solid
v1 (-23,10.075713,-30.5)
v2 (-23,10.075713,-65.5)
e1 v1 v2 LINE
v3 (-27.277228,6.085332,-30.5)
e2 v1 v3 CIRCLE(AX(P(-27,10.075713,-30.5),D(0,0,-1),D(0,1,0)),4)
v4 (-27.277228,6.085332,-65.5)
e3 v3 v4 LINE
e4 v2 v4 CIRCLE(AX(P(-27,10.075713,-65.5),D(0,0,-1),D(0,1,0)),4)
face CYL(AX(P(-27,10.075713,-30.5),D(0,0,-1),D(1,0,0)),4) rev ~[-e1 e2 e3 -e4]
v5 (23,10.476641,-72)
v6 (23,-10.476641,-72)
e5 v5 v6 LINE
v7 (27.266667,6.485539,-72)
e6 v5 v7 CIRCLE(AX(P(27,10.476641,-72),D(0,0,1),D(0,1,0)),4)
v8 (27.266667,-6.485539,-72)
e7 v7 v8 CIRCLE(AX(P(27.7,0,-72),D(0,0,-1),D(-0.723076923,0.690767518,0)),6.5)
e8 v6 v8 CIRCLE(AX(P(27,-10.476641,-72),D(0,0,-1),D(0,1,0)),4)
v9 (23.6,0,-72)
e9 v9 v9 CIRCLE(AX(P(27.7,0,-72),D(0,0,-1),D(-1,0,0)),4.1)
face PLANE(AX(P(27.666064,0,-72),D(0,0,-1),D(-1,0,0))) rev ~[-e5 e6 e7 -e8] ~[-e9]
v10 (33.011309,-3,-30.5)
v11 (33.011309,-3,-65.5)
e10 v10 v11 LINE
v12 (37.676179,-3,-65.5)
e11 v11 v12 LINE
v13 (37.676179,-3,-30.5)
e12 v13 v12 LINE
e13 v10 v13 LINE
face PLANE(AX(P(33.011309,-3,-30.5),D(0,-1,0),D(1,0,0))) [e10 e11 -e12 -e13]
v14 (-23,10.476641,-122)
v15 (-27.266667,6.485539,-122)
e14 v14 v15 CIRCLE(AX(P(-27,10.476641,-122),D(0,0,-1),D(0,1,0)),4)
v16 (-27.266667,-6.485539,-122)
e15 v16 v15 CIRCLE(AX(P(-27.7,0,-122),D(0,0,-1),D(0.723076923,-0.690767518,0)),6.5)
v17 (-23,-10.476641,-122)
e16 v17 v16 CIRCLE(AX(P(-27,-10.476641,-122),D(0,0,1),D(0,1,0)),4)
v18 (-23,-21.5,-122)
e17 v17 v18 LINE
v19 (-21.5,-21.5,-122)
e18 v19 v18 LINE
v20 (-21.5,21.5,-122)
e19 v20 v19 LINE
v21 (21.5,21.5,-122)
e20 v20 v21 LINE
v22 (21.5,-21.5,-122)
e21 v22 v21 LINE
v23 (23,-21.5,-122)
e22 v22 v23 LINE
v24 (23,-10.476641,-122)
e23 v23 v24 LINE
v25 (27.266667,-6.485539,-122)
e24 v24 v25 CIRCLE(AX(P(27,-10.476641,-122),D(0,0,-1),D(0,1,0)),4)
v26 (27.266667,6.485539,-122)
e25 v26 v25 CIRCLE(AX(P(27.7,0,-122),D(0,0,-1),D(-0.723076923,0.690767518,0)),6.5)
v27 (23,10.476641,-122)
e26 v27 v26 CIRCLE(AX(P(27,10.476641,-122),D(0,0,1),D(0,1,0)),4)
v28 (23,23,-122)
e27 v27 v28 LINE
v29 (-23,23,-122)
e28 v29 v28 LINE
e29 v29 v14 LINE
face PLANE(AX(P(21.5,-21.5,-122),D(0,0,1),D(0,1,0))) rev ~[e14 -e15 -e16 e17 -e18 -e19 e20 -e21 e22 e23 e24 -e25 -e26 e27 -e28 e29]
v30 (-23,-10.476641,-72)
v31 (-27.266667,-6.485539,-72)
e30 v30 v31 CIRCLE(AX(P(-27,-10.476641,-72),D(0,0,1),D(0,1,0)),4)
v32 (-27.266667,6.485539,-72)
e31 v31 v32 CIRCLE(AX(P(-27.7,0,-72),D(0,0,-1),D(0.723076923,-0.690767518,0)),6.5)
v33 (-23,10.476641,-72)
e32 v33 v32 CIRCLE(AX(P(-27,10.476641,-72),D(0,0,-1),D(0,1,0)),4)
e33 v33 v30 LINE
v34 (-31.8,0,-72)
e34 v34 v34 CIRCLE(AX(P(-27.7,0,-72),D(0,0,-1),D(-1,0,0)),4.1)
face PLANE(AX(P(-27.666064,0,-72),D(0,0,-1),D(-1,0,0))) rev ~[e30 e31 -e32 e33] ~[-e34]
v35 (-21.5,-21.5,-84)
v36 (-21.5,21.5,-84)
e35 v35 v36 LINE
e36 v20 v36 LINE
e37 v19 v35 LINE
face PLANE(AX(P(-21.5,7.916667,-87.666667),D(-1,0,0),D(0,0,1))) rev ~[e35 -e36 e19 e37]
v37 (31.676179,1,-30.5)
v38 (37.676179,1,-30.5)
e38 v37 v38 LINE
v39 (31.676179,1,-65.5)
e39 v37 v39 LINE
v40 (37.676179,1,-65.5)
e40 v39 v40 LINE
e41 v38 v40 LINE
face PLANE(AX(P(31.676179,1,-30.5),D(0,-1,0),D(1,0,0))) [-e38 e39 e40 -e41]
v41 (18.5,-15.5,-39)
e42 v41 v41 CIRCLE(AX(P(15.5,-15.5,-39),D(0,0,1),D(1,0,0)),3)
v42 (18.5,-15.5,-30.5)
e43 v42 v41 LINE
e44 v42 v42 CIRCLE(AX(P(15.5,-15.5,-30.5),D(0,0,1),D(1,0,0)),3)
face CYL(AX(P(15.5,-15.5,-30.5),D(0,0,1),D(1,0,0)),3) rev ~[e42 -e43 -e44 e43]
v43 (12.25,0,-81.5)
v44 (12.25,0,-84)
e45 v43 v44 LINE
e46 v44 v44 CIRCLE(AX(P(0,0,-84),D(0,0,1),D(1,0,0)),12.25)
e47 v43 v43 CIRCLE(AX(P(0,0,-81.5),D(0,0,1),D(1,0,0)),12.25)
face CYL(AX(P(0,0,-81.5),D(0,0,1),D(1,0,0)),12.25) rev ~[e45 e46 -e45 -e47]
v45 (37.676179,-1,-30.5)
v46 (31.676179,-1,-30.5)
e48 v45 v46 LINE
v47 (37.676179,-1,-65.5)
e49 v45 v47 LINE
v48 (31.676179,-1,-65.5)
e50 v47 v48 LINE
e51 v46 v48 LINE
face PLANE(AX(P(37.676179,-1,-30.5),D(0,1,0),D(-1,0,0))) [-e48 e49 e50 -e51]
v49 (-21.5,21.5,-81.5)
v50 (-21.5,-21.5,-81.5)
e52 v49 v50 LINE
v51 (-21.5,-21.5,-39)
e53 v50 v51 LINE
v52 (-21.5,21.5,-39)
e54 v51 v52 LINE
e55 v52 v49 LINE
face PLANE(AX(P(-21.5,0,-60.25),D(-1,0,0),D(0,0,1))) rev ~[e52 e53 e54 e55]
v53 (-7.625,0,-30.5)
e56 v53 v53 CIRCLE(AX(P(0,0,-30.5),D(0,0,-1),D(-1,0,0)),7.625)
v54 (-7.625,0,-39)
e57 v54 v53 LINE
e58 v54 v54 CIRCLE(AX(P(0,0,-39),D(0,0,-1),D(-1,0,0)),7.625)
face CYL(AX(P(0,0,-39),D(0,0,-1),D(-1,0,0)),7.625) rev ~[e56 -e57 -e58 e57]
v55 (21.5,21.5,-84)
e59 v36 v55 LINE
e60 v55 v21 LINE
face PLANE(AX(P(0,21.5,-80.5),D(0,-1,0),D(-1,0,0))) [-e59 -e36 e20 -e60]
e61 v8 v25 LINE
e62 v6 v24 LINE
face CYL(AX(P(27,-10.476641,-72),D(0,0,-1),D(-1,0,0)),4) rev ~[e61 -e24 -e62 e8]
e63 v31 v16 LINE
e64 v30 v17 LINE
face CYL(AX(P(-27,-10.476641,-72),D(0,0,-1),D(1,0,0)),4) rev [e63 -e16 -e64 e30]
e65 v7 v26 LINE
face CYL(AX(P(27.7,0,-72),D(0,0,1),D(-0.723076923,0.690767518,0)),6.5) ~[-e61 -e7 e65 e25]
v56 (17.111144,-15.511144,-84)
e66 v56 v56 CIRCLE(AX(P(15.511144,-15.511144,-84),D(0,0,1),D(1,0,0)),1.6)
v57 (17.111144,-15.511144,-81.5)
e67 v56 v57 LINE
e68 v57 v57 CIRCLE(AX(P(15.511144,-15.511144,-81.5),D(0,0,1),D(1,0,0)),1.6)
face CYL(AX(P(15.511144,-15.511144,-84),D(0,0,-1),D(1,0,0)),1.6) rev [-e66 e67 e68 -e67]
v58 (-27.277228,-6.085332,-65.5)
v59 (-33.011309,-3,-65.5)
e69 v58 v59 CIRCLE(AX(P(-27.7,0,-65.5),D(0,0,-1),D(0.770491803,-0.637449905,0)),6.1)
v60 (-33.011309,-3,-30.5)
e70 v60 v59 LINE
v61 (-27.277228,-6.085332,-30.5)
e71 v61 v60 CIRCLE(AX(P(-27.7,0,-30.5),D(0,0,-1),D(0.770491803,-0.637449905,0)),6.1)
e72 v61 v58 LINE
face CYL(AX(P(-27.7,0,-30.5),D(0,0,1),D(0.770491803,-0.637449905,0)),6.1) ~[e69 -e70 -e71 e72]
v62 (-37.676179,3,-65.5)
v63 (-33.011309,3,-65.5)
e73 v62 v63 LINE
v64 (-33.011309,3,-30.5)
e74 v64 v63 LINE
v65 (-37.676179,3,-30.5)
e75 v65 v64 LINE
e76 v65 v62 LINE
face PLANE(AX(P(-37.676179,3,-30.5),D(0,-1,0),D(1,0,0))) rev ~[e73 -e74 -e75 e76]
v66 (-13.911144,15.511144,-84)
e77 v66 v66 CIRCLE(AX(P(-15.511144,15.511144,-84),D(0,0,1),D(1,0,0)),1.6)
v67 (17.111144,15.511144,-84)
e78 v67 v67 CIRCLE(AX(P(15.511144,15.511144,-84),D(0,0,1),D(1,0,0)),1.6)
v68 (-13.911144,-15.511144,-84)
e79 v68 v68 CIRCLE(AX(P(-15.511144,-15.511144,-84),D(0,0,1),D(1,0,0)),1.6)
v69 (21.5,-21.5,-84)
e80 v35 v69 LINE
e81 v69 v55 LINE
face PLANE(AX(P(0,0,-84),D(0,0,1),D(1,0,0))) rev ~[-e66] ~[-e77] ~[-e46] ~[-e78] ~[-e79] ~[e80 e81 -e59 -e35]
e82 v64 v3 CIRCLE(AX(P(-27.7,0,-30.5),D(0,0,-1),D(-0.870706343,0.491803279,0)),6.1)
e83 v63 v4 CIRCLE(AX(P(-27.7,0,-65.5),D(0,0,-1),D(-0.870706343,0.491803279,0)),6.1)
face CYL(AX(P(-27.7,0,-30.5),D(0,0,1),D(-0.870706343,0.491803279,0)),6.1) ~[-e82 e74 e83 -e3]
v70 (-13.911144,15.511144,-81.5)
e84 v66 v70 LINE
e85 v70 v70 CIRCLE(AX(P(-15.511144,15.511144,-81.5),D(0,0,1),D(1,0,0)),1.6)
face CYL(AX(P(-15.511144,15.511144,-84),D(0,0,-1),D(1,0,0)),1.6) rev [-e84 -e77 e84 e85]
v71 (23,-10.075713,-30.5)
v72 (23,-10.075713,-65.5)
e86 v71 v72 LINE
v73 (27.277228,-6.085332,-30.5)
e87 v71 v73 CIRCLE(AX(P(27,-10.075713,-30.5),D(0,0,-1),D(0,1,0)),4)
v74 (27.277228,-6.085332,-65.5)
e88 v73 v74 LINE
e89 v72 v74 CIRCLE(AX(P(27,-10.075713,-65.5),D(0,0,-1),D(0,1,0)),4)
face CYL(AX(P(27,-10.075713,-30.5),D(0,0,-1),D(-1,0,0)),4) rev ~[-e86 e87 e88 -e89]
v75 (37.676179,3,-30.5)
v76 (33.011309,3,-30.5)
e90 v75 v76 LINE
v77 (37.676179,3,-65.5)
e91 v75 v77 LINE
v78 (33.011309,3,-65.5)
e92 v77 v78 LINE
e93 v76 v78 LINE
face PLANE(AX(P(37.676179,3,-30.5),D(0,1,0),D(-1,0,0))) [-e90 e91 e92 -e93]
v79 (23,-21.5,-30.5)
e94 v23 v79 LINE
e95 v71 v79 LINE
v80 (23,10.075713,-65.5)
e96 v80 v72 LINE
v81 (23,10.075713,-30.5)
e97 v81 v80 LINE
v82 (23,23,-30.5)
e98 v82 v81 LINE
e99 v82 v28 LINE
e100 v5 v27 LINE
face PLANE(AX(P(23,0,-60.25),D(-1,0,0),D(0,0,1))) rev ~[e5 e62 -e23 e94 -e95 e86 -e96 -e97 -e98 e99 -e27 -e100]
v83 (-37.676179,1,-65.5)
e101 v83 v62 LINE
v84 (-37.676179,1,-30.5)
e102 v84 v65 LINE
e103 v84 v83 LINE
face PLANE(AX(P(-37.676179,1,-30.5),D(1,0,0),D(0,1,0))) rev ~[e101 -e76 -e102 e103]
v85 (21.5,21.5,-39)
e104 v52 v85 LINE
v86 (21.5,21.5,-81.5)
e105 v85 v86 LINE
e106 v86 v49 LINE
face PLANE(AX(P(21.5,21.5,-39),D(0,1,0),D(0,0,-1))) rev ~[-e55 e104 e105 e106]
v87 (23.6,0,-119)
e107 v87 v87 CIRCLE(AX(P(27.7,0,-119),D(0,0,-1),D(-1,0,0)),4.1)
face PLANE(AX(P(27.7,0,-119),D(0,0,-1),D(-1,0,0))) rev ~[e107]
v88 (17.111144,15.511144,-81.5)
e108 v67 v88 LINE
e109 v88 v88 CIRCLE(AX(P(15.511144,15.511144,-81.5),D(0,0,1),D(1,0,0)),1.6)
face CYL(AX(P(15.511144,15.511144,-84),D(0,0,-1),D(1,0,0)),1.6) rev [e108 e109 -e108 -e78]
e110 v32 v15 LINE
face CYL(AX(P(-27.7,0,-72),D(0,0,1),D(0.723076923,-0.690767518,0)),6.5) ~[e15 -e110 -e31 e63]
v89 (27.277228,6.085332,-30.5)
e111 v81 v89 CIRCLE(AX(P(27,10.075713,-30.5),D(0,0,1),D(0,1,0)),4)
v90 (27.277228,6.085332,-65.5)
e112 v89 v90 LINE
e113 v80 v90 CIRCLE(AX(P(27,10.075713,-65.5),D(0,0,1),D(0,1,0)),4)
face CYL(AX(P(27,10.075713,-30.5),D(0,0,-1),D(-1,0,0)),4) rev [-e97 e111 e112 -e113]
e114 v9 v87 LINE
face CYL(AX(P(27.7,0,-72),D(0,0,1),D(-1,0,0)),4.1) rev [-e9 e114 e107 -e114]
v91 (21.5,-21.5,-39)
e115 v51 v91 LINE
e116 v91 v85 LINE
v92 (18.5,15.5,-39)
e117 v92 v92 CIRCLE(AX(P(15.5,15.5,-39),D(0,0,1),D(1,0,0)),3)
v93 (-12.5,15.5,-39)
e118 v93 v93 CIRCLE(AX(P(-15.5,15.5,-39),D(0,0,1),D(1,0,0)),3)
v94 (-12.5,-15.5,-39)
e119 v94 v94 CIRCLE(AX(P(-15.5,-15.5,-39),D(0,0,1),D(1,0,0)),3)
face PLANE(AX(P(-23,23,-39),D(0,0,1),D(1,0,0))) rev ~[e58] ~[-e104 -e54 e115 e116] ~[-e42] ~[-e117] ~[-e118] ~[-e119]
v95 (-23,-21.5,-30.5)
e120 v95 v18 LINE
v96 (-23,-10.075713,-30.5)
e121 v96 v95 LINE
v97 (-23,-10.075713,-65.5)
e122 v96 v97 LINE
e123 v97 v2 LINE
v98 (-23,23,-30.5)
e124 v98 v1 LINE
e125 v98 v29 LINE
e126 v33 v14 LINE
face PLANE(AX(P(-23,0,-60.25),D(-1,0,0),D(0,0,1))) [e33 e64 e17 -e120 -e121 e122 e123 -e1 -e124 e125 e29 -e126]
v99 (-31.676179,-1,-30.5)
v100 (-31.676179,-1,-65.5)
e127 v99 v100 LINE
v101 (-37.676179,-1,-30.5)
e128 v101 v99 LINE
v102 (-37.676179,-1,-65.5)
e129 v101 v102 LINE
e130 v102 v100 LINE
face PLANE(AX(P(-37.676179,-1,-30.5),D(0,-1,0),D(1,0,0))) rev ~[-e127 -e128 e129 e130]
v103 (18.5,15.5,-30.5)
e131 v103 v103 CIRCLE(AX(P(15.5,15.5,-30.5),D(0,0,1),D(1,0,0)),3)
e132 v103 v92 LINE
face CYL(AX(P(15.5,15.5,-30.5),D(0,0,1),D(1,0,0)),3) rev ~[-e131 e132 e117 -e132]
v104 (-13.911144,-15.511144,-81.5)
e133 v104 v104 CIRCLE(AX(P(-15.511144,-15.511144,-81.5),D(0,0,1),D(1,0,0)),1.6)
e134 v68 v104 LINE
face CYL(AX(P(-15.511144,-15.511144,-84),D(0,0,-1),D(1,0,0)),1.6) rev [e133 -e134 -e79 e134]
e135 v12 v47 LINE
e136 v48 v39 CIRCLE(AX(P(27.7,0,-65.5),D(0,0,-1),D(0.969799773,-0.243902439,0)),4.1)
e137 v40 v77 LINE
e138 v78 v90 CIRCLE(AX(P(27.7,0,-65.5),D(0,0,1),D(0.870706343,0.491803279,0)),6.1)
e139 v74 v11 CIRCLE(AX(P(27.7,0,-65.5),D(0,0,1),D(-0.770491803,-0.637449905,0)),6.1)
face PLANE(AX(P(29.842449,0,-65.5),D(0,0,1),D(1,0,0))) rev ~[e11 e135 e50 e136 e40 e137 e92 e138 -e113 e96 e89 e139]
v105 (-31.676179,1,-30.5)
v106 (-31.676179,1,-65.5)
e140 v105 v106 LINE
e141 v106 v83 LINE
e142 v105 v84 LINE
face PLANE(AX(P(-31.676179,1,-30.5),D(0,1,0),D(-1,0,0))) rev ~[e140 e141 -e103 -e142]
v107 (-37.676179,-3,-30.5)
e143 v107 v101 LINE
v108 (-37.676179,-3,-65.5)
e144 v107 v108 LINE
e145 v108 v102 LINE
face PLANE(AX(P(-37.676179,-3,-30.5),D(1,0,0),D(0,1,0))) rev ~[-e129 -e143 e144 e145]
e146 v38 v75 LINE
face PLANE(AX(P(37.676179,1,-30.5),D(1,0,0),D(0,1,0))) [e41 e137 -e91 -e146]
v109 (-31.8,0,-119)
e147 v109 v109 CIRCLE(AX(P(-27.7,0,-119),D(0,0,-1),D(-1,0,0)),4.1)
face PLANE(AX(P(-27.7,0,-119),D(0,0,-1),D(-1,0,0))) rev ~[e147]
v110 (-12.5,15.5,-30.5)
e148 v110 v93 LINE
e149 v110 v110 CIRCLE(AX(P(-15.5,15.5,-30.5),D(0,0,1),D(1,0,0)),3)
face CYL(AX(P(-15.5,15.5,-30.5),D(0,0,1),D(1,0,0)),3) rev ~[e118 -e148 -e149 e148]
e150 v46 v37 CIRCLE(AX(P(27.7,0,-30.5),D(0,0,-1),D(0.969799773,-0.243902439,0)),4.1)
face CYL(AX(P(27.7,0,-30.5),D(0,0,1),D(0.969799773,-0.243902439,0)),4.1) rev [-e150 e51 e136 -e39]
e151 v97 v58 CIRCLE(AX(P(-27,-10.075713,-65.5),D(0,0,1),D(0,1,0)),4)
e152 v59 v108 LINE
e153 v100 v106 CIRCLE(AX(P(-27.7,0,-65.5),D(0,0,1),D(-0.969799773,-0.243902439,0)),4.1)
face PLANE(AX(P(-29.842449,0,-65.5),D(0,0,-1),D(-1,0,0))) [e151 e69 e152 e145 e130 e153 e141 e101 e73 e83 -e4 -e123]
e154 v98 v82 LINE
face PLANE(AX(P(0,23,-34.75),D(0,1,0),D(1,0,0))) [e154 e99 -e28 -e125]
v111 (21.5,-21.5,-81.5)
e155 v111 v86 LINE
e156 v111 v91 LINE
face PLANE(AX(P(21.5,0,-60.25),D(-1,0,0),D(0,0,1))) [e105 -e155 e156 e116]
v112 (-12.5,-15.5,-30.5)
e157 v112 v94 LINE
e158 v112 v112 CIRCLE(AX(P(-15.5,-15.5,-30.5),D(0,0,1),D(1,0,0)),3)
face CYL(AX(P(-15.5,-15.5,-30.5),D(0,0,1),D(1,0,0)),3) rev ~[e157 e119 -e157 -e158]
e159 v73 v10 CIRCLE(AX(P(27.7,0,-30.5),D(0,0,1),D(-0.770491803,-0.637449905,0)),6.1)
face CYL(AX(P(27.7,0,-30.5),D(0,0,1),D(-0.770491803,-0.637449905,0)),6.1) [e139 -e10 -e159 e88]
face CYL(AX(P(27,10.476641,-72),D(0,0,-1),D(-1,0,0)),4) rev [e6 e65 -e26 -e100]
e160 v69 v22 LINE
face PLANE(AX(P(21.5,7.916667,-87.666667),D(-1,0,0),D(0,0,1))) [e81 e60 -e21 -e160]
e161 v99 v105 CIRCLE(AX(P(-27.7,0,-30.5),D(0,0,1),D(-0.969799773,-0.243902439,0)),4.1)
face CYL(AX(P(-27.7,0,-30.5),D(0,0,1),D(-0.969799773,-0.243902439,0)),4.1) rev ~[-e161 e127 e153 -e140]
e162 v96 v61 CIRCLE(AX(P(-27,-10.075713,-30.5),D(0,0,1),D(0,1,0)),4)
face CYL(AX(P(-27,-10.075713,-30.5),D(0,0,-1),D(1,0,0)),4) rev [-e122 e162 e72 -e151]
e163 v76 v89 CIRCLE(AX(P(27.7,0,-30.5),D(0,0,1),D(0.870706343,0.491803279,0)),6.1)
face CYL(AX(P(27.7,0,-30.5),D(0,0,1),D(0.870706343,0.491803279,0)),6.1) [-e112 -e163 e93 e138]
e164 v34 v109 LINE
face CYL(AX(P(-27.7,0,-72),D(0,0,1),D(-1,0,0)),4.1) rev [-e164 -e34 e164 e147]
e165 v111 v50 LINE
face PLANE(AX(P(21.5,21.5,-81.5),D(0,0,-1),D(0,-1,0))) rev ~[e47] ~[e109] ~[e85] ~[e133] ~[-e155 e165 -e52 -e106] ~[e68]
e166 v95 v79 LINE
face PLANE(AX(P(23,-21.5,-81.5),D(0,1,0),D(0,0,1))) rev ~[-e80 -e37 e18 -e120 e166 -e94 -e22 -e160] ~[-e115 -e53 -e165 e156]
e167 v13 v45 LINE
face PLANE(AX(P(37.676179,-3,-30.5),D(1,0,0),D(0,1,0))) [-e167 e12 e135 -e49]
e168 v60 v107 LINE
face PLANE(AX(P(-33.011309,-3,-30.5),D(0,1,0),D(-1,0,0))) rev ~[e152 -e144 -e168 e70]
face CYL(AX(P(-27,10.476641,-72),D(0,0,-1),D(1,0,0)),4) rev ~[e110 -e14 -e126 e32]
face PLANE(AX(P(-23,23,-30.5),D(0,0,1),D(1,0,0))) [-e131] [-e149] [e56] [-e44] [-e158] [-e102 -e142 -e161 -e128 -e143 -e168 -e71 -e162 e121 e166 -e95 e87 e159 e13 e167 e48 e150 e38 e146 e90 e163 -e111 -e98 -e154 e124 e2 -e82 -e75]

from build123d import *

# Parameters (mm, degrees)
CROQUIS2_W              = 43
CROQUIS2_H              = 43
CROQUIS2_R              = 1.6
SALIENTE_EXTRUIR2_DEPTH = 2.5
SALIENTE_EXTRUIR3_DEPTH = 1.5
SALIENTE_EXTRUIR4_DEPTH = 1.5
SALIENTE_EXTRUIR5_DEPTH = 1.5
CROQUIS7_W              = 46
CROQUIS7_H              = 8.5
SALIENTE_EXTRUIR6_DEPTH = 44.5
CROQUIS8_R              = 7.625
CORTAR_EXTRUIR1_DEPTH   = 90.145947749
CROQUIS9_R              = 3
CORTAR_EXTRUIR3_DEPTH   = 16.5
SALIENTE_EXTRUIR8_DEPTH = 1.5
SALIENTE_EXTRUIR9_DEPTH = 1.5
CROQUIS12_R             = 12.25
CUT_EXTRUDE1_DEPTH      = 10
BOSS_EXTRUDE1_DEPTH     = 35
BOSS_EXTRUDE2_START     = -50
SKETCH3_R               = 4.1
BOSS_EXTRUDE2_DEPTH     = 50
BOSS_EXTRUDE3_START     = -3
SKETCH4_R               = 4.1
BOSS_EXTRUDE3_DEPTH     = 3
FILLET1_R               = 4


with BuildPart() as part:
    # Croquis2 → Saliente-Extruir2 (new body)
    with BuildSketch(Plane.XY.offset(-84)):
        Rectangle(CROQUIS2_W, CROQUIS2_H)
        with Locations((-15.511143721, 15.511143721)):
            Circle(CROQUIS2_R, mode=Mode.SUBTRACT)
        with Locations((15.511143721, 15.511143721)):
            Circle(CROQUIS2_R, mode=Mode.SUBTRACT)
        with Locations((15.511143721, -15.511143721)):
            Circle(CROQUIS2_R, mode=Mode.SUBTRACT)
        with Locations((-15.511143721, -15.511143721)):
            Circle(CROQUIS2_R, mode=Mode.SUBTRACT)
    extrude(amount=SALIENTE_EXTRUIR2_DEPTH)

    # Croquis4 → Saliente-Extruir3 (add)
    with BuildSketch(Plane(origin=(0, 21.5, 0), x_dir=(1, 0, 0), z_dir=(0, 1, 0))):
        Polygon((-21.5, 84), (-21.5, 122), (21.5, 122), (21.5, 84), (21.5, 39), (-21.5, 39), align=None)
    extrude(amount=SALIENTE_EXTRUIR3_DEPTH)

    # Croquis5 → Saliente-Extruir4 (add)
    with BuildSketch(Plane.ZY.offset(21.5)):
        Polygon((-60.25, 21.5), (-39, 21.5), (-39, 23), (-122, 23), (-122, 21.5), (-122, -21.5), (-84, -21.5), (-81.5, -21.5), (-81.5, 0), (-81.5, 21.5), align=None)
    extrude(amount=SALIENTE_EXTRUIR4_DEPTH)

    # Croquis6 → Saliente-Extruir5 (add)
    with BuildSketch(Plane(origin=(21.5, 0, 0), x_dir=(0, 0, -1), z_dir=(1, 0, 0))):
        Polygon((122, 21.5), (122, -21.5), (84, -21.5), (81.5, -21.5), (81.5, 0), (81.5, 21.5), (64, 21.5), (39, 21.5), (39, 23), (122, 23), align=None)
    extrude(amount=SALIENTE_EXTRUIR5_DEPTH)

    # Croquis7 → Saliente-Extruir6 (add)
    with BuildSketch(Plane(origin=(0, 23, 0), x_dir=(1, 0, 0), z_dir=(0, 1, 0))):
        with Locations((0, 34.75)):
            Rectangle(CROQUIS7_W, CROQUIS7_H)
    extrude(amount=-SALIENTE_EXTRUIR6_DEPTH)

    # Croquis8 → Cortar-Extruir1 (cut, through all)
    with BuildSketch(Plane(origin=(0, 0, -39), x_dir=(-1, 0, 0), z_dir=(0, 0, -1))):
        Circle(CROQUIS8_R)
    extrude(amount=-CORTAR_EXTRUIR1_DEPTH, mode=Mode.SUBTRACT)

    # Croquis9 → Cortar-Extruir3 (cut)
    with BuildSketch(Plane.XY.offset(-30.5)):
        with Locations((-15.5, 15.5)):
            Circle(CROQUIS9_R)
        with Locations((15.5, 15.5)):
            Circle(CROQUIS9_R)
        with Locations((-15.5, -15.5)):
            Circle(CROQUIS9_R)
        with Locations((15.5, -15.5)):
            Circle(CROQUIS9_R)
    extrude(amount=-CORTAR_EXTRUIR3_DEPTH, mode=Mode.SUBTRACT)

    # Croquis10 → Saliente-Extruir8 (add)
    with BuildSketch(Plane.ZY.offset(23)):
        Polygon((-39, -21.5), (-39, 21.5), (-81.5, 21.5), (-81.5, 0), (-81.5, -21.5), align=None)
    extrude(amount=-SALIENTE_EXTRUIR8_DEPTH)

    # Croquis11 → Saliente-Extruir9 (add)
    with BuildSketch(Plane(origin=(23, 0, 0), x_dir=(0, 0, -1), z_dir=(1, 0, 0))):
        Polygon((39, 21.5), (81.5, 21.5), (81.5, 0), (81.5, -21.5), (39, -21.5), align=None)
    extrude(amount=-SALIENTE_EXTRUIR9_DEPTH)

    # Croquis12 → Cut-Extrude1 (cut)
    with BuildSketch(Plane.XY.offset(-81.5)):
        Circle(CROQUIS12_R)
    extrude(amount=-CUT_EXTRUDE1_DEPTH, mode=Mode.SUBTRACT)

    # Sketch2 → Boss-Extrude1 (add)
    with BuildSketch(Plane.XY.offset(-30.5)):
        with BuildLine():
            Line((-37.67617907, 1), (-37.67617907, 3))
            Line((-37.67617907, 3), (-33.01130869, 3))
            ThreePointArc((-33.01130869, 3), (-28.23921976, 6.076120641), (-23, 3.888444419))
            Line((-23, 3.888444419), (-23, -3.888444419))
            ThreePointArc((-23, -3.888444419), (-28.23921976, -6.076120641), (-33.01130869, -3))
            Line((-33.01130869, -3), (-37.67617907, -3))
            Line((-37.67617907, -3), (-37.67617907, -1))
            Line((-37.67617907, -1), (-31.67617907, -1))
            ThreePointArc((-31.67617907, -1), (-23.6, 0), (-31.67617907, 1))
            Line((-31.67617907, 1), (-37.67617907, 1))
        make_face()
        with BuildLine():
            Line((23, 3.888444419), (23, -3.888444419))
            ThreePointArc((23, -3.888444419), (28.23921976, -6.076120641), (33.01130869, -3))
            Line((33.01130869, -3), (37.67617907, -3))
            Line((37.67617907, -3), (37.67617907, -1))
            Line((37.67617907, -1), (31.67617907, -1))
            ThreePointArc((31.67617907, -1), (23.6, 0), (31.67617907, 1))
            Line((31.67617907, 1), (37.67617907, 1))
            Line((37.67617907, 1), (37.67617907, 3))
            Line((37.67617907, 3), (33.01130869, 3))
            ThreePointArc((33.01130869, 3), (28.23921976, 6.076120641), (23, 3.888444419))
        make_face()
    extrude(amount=-BOSS_EXTRUDE1_DEPTH)

    # Sketch3 → Boss-Extrude2 (add)
    # profile 1 of 2: a face of its own
    with BuildSketch(Plane(origin=(0, 0, -122), x_dir=(-1, 0, 0), z_dir=(0, 0, -1)).offset(BOSS_EXTRUDE2_START)):
        with BuildLine():
            Line((-23, -4.489988864), (-23, 4.489988864))
            ThreePointArc((-23, 4.489988864), (-34.2, 0), (-23, -4.489988864))
        make_face()
        with Locations((-27.7, 0)):
            Circle(SKETCH3_R, mode=Mode.SUBTRACT)
    # profile 2 of 2: a face of its own
    with BuildSketch(Plane(origin=(0, 0, -122), x_dir=(-1, 0, 0), z_dir=(0, 0, -1)).offset(BOSS_EXTRUDE2_START)):
        with BuildLine():
            ThreePointArc((23, -4.489988864), (34.2, 0), (23, 4.489988864))
            Line((23, 4.489988864), (23, -4.489988864))
        make_face()
        with Locations((27.7, 0)):
            Circle(SKETCH3_R, mode=Mode.SUBTRACT)
    extrude(amount=BOSS_EXTRUDE2_DEPTH)

    # Sketch4 → Boss-Extrude3 (add)
    with BuildSketch(Plane(origin=(0, 0, -122), x_dir=(-1, 0, 0), z_dir=(0, 0, -1)).offset(BOSS_EXTRUDE3_START)):
        with Locations((-27.7, 0)):
            Circle(SKETCH4_R)
        with Locations((27.7, 0)):
            Circle(SKETCH4_R)
    extrude(amount=BOSS_EXTRUDE3_DEPTH)

    # Fillet1
    fillet1_edges = [part.edges().sort_by_distance(p)[0] for p in [
        (-23, 3.888444419, -48),
        (-23, -3.888444419, -48),
        (23, 3.888444419, -48),
        (23, -3.888444419, -48),
        (23, 4.489988864, -97),
        (23, -4.489988864, -97),
        (-23, -4.489988864, -97),
        (-23, 4.489988864, -97),
    ]]
    fillet(fillet1_edges, radius=FILLET1_R)


solid = part.part
